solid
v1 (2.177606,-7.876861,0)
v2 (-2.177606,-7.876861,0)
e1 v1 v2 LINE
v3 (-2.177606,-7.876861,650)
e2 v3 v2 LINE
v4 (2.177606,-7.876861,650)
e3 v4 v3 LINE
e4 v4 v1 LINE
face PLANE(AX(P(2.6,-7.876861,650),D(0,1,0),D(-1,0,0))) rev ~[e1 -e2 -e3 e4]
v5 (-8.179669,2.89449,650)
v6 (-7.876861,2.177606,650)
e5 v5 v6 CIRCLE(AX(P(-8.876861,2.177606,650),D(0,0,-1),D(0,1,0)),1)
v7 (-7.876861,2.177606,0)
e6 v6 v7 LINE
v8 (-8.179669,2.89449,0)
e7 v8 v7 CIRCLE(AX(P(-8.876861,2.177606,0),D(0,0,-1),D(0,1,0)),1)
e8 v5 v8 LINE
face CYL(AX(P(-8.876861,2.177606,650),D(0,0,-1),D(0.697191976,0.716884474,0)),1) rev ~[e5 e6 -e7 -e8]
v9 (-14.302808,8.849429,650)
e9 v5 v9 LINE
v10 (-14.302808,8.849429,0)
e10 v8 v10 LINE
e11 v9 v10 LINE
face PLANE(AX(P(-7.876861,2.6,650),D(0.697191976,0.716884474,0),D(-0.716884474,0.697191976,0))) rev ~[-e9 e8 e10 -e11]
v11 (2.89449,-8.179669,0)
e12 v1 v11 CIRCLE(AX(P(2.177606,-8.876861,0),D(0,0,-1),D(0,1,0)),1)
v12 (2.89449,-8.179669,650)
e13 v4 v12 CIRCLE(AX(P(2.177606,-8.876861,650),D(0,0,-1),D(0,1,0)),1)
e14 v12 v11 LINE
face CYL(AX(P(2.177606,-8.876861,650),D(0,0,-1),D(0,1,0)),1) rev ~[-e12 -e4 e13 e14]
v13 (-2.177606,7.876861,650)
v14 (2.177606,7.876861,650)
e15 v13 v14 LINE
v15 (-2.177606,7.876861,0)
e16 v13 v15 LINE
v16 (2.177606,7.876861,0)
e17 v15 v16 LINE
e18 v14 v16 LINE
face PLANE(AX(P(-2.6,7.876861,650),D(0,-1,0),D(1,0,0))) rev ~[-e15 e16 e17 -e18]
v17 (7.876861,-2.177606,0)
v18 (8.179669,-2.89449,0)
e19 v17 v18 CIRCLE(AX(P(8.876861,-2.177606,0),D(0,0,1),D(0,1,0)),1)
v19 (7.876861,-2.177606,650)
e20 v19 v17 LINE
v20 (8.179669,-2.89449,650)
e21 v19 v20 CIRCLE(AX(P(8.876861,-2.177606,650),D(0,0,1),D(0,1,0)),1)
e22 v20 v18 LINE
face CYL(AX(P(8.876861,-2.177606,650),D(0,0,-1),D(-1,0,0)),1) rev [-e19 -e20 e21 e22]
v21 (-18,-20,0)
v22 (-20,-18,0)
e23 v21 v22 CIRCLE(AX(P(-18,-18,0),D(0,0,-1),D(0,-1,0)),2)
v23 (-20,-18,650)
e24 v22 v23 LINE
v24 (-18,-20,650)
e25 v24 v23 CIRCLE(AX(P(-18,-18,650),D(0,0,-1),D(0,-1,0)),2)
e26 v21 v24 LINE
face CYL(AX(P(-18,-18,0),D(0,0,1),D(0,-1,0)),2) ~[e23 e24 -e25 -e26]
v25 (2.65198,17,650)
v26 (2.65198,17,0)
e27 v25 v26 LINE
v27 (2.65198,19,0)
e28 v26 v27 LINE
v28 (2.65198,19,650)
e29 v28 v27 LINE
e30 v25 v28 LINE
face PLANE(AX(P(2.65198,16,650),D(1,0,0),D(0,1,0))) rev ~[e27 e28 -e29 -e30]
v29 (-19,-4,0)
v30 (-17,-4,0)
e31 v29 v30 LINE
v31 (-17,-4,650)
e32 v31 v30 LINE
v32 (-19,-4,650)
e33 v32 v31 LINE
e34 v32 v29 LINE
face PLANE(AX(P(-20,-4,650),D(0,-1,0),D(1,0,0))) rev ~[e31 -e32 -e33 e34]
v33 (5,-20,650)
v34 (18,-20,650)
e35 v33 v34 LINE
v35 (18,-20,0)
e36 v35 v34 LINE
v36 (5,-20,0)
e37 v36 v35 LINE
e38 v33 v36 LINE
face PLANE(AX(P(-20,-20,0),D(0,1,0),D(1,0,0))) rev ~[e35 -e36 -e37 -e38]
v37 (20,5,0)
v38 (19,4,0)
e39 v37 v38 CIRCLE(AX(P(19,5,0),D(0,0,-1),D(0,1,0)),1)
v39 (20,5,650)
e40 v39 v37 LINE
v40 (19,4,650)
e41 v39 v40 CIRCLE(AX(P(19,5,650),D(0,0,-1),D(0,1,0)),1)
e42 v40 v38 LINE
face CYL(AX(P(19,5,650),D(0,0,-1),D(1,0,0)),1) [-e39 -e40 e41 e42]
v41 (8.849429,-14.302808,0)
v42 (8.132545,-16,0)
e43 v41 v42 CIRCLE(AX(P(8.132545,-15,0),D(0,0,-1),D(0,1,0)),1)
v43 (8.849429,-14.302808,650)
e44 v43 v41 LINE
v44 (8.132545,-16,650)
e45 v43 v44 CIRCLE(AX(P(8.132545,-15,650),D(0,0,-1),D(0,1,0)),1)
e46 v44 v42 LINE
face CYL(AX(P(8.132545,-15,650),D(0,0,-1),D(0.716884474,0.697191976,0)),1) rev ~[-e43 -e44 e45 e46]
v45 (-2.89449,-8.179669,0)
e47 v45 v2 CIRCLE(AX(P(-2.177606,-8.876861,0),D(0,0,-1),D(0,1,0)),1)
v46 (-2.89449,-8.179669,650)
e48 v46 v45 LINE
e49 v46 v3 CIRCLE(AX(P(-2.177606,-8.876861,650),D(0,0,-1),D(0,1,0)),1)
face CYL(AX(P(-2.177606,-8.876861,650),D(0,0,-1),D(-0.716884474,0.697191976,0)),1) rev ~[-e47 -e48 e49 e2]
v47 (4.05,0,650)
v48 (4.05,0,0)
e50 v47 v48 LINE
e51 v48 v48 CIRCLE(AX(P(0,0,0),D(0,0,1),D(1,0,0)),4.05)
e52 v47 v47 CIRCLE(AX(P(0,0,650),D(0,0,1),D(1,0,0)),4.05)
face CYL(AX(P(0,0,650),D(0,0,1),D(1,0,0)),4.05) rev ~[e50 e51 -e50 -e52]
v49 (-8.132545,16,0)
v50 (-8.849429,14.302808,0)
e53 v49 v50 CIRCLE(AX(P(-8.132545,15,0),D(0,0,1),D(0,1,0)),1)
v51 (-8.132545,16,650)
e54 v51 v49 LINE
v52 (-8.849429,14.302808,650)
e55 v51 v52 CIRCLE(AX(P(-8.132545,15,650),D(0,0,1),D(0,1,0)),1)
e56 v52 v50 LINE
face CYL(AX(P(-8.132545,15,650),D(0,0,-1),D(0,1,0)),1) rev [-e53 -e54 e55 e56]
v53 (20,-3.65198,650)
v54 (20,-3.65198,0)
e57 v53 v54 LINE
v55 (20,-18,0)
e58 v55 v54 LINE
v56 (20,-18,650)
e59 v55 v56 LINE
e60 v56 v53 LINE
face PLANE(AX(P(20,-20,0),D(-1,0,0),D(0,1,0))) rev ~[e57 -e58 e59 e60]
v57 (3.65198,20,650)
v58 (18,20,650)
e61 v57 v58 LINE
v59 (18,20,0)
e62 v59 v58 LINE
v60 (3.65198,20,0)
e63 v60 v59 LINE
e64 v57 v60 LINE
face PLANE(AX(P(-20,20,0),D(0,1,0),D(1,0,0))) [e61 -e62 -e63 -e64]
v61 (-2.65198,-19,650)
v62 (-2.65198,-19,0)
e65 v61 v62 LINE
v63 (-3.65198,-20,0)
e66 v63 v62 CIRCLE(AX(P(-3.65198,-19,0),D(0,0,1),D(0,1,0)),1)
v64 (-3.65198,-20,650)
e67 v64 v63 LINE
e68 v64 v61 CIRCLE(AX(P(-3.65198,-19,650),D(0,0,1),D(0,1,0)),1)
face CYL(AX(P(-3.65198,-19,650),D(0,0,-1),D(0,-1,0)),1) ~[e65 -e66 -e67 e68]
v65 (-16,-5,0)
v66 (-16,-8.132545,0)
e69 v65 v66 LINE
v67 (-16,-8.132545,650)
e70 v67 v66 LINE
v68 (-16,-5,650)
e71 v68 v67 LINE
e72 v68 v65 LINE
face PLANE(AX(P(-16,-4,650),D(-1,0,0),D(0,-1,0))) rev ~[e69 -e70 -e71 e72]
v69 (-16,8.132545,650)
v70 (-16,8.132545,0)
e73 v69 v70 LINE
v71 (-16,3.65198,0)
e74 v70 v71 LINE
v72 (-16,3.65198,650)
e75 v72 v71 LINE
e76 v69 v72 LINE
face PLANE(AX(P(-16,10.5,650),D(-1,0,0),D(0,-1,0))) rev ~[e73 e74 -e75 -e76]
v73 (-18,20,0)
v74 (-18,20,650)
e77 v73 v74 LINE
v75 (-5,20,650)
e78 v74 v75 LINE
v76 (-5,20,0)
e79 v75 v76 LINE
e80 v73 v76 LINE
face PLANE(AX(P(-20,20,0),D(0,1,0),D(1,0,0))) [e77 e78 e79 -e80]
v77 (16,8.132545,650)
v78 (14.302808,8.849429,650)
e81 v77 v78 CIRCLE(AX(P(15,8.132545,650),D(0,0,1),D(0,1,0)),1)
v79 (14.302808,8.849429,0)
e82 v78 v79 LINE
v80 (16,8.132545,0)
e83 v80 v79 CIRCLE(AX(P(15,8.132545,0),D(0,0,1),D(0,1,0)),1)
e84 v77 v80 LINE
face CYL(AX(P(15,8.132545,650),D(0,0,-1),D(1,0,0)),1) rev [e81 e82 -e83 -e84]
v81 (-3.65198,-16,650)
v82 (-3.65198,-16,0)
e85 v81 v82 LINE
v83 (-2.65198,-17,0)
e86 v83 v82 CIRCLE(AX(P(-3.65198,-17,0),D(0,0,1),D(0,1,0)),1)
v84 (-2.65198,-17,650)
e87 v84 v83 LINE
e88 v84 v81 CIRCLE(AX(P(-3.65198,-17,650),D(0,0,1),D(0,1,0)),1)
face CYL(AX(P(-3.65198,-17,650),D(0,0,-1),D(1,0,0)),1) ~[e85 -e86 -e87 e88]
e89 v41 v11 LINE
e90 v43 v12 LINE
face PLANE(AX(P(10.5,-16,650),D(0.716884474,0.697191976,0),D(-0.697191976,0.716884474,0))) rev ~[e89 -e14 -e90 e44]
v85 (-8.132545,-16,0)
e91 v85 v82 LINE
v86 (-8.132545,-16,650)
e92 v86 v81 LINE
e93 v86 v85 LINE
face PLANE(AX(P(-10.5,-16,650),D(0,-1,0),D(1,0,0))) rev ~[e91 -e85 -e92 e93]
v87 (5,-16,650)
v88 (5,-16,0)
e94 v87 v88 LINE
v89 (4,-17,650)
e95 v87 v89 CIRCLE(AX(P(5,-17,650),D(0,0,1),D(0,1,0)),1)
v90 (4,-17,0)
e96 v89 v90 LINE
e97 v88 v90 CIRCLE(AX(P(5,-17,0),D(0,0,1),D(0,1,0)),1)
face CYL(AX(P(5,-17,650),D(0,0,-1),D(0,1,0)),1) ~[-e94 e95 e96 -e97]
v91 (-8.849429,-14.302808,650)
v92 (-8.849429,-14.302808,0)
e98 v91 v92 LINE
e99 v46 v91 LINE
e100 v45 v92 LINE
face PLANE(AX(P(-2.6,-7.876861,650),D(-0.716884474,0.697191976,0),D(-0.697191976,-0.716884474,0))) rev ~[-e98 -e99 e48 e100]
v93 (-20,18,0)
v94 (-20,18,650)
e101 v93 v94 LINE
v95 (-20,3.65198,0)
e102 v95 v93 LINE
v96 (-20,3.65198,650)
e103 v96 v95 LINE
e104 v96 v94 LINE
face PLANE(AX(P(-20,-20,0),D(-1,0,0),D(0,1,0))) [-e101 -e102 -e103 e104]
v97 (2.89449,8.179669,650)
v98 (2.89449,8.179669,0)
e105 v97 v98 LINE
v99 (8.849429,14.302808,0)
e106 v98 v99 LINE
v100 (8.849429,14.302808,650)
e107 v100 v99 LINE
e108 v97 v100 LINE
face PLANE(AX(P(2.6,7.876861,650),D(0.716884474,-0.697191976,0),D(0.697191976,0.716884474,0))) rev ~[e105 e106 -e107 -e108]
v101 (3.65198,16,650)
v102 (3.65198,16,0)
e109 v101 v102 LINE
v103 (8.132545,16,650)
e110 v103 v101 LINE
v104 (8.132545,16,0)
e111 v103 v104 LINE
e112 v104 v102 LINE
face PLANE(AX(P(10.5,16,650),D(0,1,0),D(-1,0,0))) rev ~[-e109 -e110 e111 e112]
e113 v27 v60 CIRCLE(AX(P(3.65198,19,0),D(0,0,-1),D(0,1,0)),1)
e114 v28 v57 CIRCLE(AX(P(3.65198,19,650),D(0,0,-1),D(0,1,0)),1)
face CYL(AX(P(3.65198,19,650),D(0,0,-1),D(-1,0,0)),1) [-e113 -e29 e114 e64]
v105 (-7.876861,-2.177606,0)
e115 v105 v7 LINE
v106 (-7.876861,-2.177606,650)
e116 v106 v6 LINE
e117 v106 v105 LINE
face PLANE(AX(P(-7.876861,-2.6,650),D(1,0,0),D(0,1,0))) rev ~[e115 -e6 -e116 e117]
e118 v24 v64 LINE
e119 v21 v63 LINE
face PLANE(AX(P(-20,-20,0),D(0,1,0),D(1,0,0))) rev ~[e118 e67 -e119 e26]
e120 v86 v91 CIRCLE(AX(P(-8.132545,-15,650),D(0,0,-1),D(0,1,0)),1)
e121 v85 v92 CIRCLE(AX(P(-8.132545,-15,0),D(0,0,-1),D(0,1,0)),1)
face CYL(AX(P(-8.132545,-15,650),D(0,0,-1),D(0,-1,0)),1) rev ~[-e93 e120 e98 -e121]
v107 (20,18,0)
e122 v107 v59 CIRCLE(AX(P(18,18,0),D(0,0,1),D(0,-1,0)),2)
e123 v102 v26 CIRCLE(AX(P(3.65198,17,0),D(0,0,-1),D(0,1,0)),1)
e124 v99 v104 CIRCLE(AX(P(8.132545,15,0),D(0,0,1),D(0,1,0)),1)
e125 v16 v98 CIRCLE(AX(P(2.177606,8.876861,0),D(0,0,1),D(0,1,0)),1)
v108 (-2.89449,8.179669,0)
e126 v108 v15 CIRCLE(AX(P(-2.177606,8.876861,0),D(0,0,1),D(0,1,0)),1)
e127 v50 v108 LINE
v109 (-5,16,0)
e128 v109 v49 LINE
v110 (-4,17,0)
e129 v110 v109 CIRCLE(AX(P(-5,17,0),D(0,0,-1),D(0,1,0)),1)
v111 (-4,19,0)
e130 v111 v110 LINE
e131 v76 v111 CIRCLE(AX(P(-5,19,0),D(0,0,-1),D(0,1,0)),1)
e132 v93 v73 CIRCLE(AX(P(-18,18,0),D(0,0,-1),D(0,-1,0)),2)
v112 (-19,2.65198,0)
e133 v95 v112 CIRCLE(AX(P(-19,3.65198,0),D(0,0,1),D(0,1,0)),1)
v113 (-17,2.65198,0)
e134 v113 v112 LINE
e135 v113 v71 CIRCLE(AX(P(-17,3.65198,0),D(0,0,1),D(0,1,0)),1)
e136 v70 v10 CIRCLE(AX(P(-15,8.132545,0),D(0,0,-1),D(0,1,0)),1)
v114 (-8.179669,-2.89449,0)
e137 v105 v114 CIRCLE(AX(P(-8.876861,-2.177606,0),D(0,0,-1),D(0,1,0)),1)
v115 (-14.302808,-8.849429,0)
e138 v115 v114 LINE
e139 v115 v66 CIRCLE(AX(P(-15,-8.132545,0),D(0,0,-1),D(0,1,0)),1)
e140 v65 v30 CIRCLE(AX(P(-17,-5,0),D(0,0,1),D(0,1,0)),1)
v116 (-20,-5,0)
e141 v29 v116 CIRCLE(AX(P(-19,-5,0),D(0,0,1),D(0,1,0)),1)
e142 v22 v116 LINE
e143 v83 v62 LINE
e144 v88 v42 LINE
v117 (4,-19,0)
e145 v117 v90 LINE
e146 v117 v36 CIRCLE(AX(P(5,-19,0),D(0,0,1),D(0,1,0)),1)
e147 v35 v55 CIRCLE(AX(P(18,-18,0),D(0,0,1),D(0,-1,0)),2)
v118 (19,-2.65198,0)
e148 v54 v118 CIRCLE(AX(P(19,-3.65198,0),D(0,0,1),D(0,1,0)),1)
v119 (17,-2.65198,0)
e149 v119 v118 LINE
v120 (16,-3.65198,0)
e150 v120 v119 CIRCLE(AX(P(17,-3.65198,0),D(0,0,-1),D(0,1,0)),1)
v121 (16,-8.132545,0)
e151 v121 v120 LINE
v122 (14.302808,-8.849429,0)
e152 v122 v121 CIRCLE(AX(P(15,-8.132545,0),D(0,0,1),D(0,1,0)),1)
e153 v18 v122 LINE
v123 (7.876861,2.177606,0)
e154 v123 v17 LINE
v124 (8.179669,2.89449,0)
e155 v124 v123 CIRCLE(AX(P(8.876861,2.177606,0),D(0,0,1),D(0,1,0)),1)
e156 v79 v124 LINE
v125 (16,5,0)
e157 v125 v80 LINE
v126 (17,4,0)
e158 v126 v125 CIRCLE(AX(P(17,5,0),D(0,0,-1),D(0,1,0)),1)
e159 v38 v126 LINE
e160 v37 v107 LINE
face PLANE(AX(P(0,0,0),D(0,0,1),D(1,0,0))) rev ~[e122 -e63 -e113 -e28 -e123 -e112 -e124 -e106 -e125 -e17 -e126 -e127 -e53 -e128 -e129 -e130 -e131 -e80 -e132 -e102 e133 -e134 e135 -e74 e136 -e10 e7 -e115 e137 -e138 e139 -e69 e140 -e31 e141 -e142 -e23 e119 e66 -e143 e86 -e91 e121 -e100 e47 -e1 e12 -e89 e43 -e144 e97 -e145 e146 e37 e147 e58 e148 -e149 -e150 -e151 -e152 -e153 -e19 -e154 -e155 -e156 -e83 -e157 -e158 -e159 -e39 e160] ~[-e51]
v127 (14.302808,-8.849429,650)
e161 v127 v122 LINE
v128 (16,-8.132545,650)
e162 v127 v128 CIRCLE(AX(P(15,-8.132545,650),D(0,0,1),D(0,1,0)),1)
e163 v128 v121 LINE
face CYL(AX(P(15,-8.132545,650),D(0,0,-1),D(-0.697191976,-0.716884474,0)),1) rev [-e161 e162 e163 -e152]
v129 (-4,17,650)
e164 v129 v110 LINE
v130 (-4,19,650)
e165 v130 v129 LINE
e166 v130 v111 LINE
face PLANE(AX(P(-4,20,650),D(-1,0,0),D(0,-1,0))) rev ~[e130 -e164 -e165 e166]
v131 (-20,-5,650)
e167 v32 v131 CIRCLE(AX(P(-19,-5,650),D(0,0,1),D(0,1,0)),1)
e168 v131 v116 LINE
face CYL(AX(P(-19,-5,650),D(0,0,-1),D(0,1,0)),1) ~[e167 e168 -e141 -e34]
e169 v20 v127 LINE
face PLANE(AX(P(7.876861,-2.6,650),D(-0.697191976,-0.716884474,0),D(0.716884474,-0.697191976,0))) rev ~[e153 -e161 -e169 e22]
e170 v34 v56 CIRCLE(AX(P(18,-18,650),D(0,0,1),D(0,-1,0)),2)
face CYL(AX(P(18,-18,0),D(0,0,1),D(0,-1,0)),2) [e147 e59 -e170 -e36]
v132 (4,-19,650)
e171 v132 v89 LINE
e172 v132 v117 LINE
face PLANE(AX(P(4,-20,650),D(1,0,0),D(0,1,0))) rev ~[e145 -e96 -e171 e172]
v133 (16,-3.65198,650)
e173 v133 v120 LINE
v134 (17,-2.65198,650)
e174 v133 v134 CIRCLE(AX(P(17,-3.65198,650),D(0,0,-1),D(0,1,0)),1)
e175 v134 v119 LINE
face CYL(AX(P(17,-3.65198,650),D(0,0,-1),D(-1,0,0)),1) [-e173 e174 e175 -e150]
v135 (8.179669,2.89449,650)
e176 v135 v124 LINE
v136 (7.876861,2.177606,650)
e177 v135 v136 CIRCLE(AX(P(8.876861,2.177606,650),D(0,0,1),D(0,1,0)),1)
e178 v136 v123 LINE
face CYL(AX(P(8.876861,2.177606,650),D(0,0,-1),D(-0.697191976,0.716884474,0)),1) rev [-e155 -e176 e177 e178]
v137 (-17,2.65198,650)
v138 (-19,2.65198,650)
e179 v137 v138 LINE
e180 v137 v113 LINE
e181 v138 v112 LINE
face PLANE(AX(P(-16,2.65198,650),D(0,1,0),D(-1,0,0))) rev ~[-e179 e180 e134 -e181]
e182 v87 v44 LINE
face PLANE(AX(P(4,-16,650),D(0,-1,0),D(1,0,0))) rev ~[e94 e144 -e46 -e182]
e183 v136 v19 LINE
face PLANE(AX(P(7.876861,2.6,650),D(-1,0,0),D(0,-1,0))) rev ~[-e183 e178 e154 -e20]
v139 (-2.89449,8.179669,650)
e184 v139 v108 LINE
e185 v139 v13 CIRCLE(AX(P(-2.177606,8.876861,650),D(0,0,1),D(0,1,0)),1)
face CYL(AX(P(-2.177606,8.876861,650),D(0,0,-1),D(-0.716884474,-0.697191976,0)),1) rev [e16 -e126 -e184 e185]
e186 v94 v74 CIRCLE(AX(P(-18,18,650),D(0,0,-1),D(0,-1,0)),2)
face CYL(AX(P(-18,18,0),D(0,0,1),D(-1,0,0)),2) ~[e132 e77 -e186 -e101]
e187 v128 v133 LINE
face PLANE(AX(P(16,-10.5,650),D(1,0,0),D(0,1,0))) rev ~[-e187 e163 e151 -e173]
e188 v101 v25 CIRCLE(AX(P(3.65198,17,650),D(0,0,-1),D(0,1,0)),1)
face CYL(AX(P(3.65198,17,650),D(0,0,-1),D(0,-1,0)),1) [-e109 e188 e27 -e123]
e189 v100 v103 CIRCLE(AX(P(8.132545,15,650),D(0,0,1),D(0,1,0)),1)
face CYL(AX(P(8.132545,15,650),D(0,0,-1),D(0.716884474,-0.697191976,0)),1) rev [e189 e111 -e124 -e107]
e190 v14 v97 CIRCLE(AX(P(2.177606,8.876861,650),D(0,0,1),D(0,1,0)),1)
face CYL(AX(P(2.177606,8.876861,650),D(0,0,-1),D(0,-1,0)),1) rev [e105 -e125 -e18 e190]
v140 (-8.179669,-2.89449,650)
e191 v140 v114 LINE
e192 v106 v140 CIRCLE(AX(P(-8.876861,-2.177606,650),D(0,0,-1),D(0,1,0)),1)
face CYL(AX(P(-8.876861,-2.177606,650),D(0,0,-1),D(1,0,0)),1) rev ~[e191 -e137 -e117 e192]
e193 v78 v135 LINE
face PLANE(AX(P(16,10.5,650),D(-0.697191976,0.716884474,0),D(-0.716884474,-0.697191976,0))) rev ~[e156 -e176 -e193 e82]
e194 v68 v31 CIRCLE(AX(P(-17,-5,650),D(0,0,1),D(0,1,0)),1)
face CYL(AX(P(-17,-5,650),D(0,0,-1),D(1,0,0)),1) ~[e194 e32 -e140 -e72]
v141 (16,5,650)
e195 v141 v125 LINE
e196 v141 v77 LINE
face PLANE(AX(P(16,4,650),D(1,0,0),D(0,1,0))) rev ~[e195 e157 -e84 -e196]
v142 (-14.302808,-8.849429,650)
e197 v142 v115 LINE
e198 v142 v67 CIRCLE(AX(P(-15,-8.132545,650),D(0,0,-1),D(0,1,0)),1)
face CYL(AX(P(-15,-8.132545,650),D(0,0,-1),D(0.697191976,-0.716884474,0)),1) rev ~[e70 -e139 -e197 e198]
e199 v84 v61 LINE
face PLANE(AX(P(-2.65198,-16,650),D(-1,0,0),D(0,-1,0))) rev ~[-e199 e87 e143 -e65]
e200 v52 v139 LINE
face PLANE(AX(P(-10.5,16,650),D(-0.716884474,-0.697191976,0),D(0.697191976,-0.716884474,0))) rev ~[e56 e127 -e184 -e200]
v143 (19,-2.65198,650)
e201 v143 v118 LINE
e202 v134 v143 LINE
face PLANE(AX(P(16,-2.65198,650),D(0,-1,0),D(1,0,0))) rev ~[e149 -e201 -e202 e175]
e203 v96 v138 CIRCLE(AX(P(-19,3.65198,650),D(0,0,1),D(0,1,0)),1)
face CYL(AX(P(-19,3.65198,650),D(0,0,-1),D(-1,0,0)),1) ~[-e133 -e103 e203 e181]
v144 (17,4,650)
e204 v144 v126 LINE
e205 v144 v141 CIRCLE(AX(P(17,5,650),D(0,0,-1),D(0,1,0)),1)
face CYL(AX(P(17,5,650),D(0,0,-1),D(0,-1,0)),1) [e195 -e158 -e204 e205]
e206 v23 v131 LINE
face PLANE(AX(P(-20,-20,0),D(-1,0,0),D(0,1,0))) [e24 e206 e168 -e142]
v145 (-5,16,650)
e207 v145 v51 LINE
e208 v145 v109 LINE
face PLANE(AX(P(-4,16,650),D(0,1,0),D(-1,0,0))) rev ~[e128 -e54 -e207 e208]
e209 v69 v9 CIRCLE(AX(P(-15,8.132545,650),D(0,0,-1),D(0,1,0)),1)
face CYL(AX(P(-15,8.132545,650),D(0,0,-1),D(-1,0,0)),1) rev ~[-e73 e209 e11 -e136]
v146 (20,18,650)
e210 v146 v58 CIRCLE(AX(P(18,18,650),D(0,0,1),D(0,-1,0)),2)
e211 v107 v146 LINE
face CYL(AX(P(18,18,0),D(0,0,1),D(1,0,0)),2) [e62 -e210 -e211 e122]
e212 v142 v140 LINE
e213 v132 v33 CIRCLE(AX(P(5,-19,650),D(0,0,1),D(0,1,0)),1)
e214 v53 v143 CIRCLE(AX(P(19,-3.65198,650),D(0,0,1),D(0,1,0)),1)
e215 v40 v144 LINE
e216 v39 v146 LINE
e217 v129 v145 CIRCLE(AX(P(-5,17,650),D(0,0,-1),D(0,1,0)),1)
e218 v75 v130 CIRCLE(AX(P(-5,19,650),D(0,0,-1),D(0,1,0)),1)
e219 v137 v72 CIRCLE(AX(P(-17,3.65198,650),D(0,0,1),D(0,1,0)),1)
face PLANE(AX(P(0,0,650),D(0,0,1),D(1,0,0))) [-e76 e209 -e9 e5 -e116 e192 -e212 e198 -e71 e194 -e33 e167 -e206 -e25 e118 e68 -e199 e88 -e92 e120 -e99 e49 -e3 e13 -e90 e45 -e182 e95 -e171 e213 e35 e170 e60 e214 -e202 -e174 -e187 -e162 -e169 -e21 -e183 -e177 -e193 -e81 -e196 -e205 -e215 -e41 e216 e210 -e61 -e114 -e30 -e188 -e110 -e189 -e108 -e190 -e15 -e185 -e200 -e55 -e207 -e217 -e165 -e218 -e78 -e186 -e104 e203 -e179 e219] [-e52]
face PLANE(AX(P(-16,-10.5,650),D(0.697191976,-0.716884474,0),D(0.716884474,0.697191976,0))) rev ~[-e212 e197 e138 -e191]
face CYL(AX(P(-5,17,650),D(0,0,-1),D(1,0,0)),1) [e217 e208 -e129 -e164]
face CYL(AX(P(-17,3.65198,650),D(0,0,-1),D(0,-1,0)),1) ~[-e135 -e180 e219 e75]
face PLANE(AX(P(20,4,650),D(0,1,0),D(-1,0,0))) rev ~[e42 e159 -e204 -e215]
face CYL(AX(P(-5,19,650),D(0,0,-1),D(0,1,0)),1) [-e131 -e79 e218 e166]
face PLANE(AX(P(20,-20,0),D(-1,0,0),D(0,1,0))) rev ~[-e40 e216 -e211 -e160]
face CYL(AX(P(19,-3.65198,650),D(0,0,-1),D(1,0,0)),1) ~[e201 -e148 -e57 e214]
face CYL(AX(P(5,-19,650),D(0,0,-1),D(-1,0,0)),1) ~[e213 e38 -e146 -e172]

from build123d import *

# Parameters (mm, degrees)
SKETCH_1_W               = 40
SKETCH_1_H               = 40
EXTRUDE_1_DEPTH          = 650
SKETCH_2_R               = 4.05
CUT_EXTRUDE_1_DEPTH      = 10000
CUT_EXTRUDE_2_DEPTH      = 10000
FILLET_1_R               = 1
PATTERN_CIRCULAR_2_COUNT = 4
FILLET_2_R               = 1
FILLET_3_R               = 1
FILLET_4_R               = 1
FILLET_5_R               = 2


with BuildPart() as part:
    # 草图1 → 凸台-拉伸1 (new body)
    with BuildSketch(Plane.XY):
        Rectangle(SKETCH_1_W, SKETCH_1_H)
    extrude(amount=EXTRUDE_1_DEPTH)

    # 草图2 → 切除-拉伸1 (cut)
    with BuildSketch(Plane.XY.offset(650)):
        Circle(SKETCH_2_R)
    extrude(amount=-CUT_EXTRUDE_1_DEPTH, mode=Mode.SUBTRACT)

    # 草图4 → 切除-拉伸2 (cut)
    with BuildSketch(Plane.XY.offset(650)):
        Polygon((20, 0), (20, 4), (16, 4), (16, 10.5), (7.876860985, 2.6), (7.876860985, -2.6), (16, -10.5), (16, -2.65197969), (20, -2.65197969), align=None)
    cut_extrude_2 = extrude(amount=-CUT_EXTRUDE_2_DEPTH, mode=Mode.SUBTRACT)

    # 圆角1
    fillet_1_edges = [part.edges().sort_by_distance(p)[0] for p in [
        (20, -2.65197969, 325),
        (16, -2.65197969, 325),
        (16, -10.5, 325),
        (7.876860985, -2.6, 325),
        (7.876860985, 2.6, 325),
        (16, 10.5, 325),
        (16, 4, 325),
        (20, 4, 325),
    ]]
    fillet(fillet_1_edges, radius=FILLET_1_R)

    # 阵列(圆周)2: 切除-拉伸2 ×4 about axis
    pattern_circular_2_axis = Axis((0, 0, 0), (0, 0, 1))
    for i in range(1, PATTERN_CIRCULAR_2_COUNT):
        add(cut_extrude_2.rotate(pattern_circular_2_axis, i * 360 / PATTERN_CIRCULAR_2_COUNT), mode=Mode.SUBTRACT)

    # 圆角2
    fillet_2_edges = [part.edges().sort_by_distance(p)[0] for p in [
        (2.65197969, 20, 325),
        (2.65197969, 16, 325),
        (10.5, 16, 325),
        (2.6, 7.876860985, 325),
        (-2.6, 7.876860985, 325),
        (-10.5, 16, 325),
        (-4, 16, 325),
        (-4, 20, 325),
    ]]
    fillet(fillet_2_edges, radius=FILLET_2_R)

    # 圆角3
    fillet_3_edges = [part.edges().sort_by_distance(p)[0] for p in [
        (-20, 2.65197969, 325),
        (-16, 2.65197969, 325),
        (-16, 10.5, 325),
        (-7.876860985, 2.6, 325),
        (-7.876860985, -2.6, 325),
        (-16, -10.5, 325),
        (-16, -4, 325),
        (-20, -4, 325),
    ]]
    fillet(fillet_3_edges, radius=FILLET_3_R)

    # 圆角4
    fillet_4_edges = [part.edges().sort_by_distance(p)[0] for p in [
        (-2.65197969, -20, 325),
        (-2.65197969, -16, 325),
        (-10.5, -16, 325),
        (-2.6, -7.876860985, 325),
        (2.6, -7.876860985, 325),
        (10.5, -16, 325),
        (4, -16, 325),
        (4, -20, 325),
    ]]
    fillet(fillet_4_edges, radius=FILLET_4_R)

    # 圆角5
    fillet_5_edges = [part.edges().sort_by_distance(p)[0] for p in [
        (20, -20, 325),
        (-20, -20, 325),
        (-20, 20, 325),
        (20, 20, 325),
    ]]
    fillet(fillet_5_edges, radius=FILLET_5_R)


solid = part.part
